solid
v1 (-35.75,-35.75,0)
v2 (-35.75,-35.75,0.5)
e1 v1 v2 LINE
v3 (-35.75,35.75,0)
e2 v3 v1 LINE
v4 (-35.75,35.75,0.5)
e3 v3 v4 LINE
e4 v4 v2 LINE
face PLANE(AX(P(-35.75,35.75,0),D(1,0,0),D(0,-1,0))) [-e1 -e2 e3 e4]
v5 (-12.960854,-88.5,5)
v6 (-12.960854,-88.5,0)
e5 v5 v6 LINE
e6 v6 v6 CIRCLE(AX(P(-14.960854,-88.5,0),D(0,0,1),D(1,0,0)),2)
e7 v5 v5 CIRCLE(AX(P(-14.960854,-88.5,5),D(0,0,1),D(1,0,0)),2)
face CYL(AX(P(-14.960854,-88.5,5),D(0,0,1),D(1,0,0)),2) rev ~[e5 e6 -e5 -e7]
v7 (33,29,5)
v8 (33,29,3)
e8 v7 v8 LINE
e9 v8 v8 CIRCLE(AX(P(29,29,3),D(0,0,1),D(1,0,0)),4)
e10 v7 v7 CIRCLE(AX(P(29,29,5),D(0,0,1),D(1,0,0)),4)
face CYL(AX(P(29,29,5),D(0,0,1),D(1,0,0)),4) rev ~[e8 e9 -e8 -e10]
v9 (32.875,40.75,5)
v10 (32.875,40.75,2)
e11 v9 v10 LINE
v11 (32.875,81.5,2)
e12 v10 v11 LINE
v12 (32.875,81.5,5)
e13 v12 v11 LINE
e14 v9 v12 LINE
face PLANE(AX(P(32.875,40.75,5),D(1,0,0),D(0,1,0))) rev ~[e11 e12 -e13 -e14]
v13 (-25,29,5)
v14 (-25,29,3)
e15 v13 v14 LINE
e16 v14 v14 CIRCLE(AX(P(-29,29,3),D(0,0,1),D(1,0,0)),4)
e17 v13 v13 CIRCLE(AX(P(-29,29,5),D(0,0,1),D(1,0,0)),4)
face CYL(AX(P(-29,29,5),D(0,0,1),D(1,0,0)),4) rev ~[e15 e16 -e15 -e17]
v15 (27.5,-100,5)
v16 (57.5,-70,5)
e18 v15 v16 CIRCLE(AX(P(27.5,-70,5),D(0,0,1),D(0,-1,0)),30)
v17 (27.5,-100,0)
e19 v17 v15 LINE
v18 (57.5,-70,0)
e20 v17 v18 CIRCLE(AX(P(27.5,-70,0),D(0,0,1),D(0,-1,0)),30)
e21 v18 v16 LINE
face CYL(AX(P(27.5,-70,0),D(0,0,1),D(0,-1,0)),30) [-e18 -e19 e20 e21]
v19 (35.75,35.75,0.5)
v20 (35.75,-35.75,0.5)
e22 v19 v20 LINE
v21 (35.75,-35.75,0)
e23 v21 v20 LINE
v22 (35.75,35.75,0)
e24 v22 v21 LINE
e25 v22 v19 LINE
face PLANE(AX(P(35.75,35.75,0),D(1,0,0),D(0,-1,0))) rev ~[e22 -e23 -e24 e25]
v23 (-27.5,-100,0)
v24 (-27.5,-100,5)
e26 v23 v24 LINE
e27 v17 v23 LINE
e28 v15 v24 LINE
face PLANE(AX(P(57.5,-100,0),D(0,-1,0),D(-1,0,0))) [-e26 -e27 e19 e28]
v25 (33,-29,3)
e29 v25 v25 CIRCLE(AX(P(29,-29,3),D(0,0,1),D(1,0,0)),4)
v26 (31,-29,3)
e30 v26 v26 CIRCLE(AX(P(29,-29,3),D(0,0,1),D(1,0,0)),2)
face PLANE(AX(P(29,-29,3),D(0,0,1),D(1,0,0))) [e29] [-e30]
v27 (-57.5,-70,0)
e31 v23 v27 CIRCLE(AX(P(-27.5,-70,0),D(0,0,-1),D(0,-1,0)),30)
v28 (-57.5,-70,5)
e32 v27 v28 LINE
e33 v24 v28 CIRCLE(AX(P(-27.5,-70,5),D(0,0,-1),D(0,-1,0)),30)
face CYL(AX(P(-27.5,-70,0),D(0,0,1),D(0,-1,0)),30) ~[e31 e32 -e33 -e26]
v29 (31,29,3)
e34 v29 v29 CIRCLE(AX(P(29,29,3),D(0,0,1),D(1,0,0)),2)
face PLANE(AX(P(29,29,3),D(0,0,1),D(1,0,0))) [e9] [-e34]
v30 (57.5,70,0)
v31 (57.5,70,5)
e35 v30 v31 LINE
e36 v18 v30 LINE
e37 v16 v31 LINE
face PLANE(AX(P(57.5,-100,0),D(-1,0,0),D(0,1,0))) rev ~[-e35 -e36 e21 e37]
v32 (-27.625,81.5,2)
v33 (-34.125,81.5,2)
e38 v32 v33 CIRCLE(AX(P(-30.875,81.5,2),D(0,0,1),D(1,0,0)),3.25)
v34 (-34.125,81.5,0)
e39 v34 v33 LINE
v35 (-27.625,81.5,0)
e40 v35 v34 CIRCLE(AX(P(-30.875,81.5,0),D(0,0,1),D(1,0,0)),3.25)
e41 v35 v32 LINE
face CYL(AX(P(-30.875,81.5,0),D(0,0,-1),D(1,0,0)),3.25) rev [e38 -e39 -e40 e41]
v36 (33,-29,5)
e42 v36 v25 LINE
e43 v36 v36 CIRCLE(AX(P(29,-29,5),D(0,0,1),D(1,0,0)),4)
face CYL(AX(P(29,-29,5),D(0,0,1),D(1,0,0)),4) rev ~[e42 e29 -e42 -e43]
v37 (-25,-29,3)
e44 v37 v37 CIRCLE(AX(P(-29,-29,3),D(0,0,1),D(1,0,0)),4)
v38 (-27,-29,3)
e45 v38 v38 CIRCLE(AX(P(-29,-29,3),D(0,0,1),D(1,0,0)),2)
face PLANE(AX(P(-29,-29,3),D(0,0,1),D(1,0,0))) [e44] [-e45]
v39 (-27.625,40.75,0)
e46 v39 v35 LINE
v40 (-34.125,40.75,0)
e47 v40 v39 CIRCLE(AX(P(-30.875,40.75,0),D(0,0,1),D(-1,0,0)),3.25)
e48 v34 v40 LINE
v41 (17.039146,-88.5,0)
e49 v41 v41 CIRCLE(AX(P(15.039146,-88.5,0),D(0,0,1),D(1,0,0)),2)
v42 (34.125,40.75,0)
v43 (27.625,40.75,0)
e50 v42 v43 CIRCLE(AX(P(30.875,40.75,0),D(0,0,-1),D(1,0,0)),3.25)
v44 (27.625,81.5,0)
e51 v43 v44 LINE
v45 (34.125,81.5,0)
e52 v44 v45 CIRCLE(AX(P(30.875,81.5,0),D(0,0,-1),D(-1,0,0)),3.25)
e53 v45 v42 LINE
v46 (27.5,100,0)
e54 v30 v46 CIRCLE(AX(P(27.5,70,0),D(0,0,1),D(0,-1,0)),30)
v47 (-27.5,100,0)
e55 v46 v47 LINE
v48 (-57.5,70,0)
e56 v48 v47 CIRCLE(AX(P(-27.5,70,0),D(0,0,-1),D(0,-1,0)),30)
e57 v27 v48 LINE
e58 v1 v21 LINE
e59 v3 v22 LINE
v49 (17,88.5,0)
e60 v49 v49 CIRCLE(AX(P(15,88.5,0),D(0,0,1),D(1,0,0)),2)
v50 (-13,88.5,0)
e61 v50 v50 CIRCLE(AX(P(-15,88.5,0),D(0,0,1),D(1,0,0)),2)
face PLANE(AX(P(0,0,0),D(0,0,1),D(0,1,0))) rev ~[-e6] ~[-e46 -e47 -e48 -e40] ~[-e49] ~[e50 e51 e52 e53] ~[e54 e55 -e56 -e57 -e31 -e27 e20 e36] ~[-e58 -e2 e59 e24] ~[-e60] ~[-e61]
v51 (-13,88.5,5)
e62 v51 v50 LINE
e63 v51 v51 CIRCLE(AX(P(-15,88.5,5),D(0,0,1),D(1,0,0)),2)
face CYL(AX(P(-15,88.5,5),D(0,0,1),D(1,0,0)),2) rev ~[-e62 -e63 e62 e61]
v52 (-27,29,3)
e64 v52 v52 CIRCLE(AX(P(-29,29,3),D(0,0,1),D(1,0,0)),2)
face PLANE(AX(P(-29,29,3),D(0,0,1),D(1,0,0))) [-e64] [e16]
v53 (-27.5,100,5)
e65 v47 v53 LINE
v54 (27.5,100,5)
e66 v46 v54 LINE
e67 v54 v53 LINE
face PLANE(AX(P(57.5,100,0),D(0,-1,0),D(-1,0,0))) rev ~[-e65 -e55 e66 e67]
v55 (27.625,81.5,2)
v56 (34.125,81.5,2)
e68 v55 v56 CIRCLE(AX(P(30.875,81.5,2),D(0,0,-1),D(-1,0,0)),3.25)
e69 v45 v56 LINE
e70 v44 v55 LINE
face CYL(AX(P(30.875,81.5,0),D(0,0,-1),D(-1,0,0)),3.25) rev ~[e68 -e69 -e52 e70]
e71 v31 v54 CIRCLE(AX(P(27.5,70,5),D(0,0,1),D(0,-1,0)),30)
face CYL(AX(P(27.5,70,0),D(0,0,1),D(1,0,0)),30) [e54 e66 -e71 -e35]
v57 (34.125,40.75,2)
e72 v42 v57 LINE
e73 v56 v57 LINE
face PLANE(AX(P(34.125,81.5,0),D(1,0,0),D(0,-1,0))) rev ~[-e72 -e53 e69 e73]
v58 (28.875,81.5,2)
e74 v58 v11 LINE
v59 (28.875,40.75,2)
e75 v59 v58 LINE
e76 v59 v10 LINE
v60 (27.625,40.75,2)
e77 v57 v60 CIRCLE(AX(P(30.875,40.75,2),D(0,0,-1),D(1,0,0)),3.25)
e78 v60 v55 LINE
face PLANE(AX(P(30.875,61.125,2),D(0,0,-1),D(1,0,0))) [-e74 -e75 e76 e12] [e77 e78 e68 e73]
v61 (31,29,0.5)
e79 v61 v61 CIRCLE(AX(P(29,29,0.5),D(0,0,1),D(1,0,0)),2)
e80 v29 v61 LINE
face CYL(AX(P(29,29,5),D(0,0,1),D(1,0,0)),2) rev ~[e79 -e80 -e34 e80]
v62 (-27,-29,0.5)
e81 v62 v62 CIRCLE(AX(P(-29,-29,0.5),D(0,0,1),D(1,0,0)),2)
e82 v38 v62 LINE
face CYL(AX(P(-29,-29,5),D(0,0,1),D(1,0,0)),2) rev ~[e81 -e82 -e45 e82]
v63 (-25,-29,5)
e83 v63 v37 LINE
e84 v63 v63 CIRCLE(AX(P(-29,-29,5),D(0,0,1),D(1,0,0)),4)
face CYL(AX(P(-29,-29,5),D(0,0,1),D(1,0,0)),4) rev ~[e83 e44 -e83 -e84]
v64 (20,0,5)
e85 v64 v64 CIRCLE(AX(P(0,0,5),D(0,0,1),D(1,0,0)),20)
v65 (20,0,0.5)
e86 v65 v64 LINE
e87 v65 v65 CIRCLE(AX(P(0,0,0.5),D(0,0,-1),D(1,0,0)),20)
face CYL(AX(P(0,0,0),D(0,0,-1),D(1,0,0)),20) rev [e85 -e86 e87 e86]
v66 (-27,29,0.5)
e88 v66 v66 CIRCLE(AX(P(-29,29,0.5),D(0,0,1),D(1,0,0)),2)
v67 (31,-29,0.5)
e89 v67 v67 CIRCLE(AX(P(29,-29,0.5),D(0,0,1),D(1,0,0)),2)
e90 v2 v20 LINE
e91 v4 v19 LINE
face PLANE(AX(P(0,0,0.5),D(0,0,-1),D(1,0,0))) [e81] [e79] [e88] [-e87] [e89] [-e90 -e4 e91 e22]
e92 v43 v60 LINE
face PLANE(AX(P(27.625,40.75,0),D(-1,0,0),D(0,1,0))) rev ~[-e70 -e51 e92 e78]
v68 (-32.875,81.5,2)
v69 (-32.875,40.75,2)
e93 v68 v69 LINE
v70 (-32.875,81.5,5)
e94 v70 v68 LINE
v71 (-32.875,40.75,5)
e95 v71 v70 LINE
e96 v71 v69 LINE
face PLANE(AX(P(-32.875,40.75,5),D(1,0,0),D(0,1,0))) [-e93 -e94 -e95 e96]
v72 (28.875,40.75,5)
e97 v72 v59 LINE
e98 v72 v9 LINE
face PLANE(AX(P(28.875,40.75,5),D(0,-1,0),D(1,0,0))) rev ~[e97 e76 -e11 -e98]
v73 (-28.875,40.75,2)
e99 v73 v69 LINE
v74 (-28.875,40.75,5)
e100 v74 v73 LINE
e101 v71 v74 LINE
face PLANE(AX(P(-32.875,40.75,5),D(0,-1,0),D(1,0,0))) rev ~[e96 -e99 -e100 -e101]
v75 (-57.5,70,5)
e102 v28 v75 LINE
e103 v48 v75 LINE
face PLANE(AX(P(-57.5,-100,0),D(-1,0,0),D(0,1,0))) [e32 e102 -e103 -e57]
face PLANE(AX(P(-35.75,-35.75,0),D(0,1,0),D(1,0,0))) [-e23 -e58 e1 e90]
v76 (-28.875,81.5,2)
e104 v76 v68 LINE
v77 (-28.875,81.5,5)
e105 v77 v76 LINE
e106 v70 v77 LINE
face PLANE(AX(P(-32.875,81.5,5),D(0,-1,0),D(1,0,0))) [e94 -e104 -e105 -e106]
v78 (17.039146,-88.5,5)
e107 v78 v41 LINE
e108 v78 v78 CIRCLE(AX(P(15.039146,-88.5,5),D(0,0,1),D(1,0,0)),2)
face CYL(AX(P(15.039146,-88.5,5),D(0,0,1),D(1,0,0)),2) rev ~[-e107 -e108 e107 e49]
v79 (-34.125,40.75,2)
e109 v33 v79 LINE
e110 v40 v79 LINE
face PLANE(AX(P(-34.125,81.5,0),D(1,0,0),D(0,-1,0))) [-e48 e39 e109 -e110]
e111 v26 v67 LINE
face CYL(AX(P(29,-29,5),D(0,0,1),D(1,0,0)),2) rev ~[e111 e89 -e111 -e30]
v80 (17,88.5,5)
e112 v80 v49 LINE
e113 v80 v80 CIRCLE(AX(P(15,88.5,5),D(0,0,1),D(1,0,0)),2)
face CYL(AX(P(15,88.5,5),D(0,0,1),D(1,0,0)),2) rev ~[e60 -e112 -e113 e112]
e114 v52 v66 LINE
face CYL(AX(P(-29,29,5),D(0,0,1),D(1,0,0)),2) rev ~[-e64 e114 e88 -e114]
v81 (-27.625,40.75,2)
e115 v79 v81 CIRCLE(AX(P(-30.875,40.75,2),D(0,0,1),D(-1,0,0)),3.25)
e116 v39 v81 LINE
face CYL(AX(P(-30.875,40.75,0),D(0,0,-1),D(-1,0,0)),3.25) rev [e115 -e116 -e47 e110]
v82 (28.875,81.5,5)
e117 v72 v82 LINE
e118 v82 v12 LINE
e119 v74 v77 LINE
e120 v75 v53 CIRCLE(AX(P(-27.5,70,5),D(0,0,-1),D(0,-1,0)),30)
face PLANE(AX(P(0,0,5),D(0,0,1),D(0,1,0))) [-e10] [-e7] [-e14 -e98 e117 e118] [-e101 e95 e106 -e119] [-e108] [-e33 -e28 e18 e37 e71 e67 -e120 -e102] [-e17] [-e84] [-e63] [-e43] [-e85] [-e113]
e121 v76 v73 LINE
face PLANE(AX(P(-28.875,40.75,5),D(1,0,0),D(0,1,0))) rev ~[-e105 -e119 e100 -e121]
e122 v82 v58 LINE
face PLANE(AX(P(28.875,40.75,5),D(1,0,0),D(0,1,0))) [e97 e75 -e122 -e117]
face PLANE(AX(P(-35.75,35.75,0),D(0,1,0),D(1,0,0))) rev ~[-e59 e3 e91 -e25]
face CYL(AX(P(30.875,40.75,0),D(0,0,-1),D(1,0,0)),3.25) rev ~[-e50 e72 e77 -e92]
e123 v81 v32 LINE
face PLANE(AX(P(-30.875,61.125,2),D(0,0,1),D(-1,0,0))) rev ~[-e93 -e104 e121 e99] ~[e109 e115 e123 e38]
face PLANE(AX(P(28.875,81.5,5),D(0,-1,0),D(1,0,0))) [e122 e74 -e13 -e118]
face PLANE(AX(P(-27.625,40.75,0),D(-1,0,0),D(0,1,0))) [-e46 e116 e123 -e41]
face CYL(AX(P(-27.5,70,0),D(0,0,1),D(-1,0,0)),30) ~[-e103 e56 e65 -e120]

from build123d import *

# Parameters (mm, degrees)
SKETCH1_W           = 200
SKETCH1_H           = 115
SKETCH1_R           = 20
BOSS_EXTRUDE1_DEPTH = 5
CUT_EXTRUDE1_REACH  = 117.461
SKETCH4_R           = 2
SKETCH5_R           = 4
CUT_EXTRUDE2_DEPTH  = 2
FILLET1_R           = 30
SKETCH8_R           = 2
CUT_EXTRUDE4_DEPTH  = 116.461032388
SKETCH11_W          = 71.5
SKETCH11_H          = 71.5
CUT_EXTRUDE7_DEPTH  = 0.5
SKETCH9_W           = 4
SKETCH9_H           = 40.75
CUT_EXTRUDE5_DEPTH  = 116.461032388
CUT_EXTRUDE8_DEPTH  = 2


with BuildPart() as part:
    # Sketch1 → Boss-Extrude1 (new body)
    with BuildSketch(Plane(origin=(0, 0, 0), x_dir=(0, 1, 0), z_dir=(0, 0, 1))):
        Rectangle(SKETCH1_W, SKETCH1_H)
        with Locations(Location((0, 0, 0), (0, 0, 270))):
            Circle(SKETCH1_R, mode=Mode.SUBTRACT)
    extrude(amount=BOSS_EXTRUDE1_DEPTH)

    # Sketch4 → Cut-Extrude1 (cut, up to next)
    with BuildSketch(Plane.XY.offset(5), mode=Mode.PRIVATE) as cut_extrude1_sk1:
        with Locations((29, 29)):
            Circle(SKETCH4_R)
    cut_extrude1_tool1 = extrude(cut_extrude1_sk1.sketch, amount=-CUT_EXTRUDE1_REACH, mode=Mode.PRIVATE) & part.part
    # Sketch4 → Cut-Extrude1 (cut, up to next)
    with BuildSketch(Plane.XY.offset(5), mode=Mode.PRIVATE) as cut_extrude1_sk2:
        with Locations((-29, 29)):
            Circle(SKETCH4_R)
    cut_extrude1_tool2 = extrude(cut_extrude1_sk2.sketch, amount=-CUT_EXTRUDE1_REACH, mode=Mode.PRIVATE) & part.part
    # Sketch4 → Cut-Extrude1 (cut, up to next)
    with BuildSketch(Plane.XY.offset(5), mode=Mode.PRIVATE) as cut_extrude1_sk3:
        with Locations((-29, -29)):
            Circle(SKETCH4_R)
    cut_extrude1_tool3 = extrude(cut_extrude1_sk3.sketch, amount=-CUT_EXTRUDE1_REACH, mode=Mode.PRIVATE) & part.part
    # Sketch4 → Cut-Extrude1 (cut, up to next)
    with BuildSketch(Plane.XY.offset(5), mode=Mode.PRIVATE) as cut_extrude1_sk4:
        with Locations((29, -29)):
            Circle(SKETCH4_R)
    cut_extrude1_tool4 = extrude(cut_extrude1_sk4.sketch, amount=-CUT_EXTRUDE1_REACH, mode=Mode.PRIVATE) & part.part
    add(cut_extrude1_tool1.solids().sort_by_distance((29, 29, 5))[0], mode=Mode.SUBTRACT)
    add(cut_extrude1_tool2.solids().sort_by_distance((-29, 29, 5))[0], mode=Mode.SUBTRACT)
    add(cut_extrude1_tool3.solids().sort_by_distance((-29, -29, 5))[0], mode=Mode.SUBTRACT)
    add(cut_extrude1_tool4.solids().sort_by_distance((29, -29, 5))[0], mode=Mode.SUBTRACT)

    # Sketch5 → Cut-Extrude2 (cut)
    with BuildSketch(Plane.XY.offset(5)):
        with Locations((-29, -29)):
            Circle(SKETCH5_R)
        with Locations((-29, 29)):
            Circle(SKETCH5_R)
        with Locations((29, -29)):
            Circle(SKETCH5_R)
        with Locations((29, 29)):
            Circle(SKETCH5_R)
    extrude(amount=-CUT_EXTRUDE2_DEPTH, mode=Mode.SUBTRACT)

    # Fillet1
    fillet1_edges = [part.edges().sort_by_distance(p)[0] for p in [
        (57.5, 100, 2.5),
        (57.5, -100, 2.5),
        (-57.5, -100, 2.5),
        (-57.5, 100, 2.5),
    ]]
    fillet(fillet1_edges, radius=FILLET1_R)

    # Sketch8 → Cut-Extrude4 (cut, through all)
    with BuildSketch(Plane.XY.offset(5)):
        with Locations((15, 88.5)):
            Circle(SKETCH8_R)
        with Locations((-15, 88.5)):
            Circle(SKETCH8_R)
        with Locations((-14.960853972, -88.5)):
            Circle(SKETCH8_R)
        with Locations((15.039146028, -88.5)):
            Circle(SKETCH8_R)
    extrude(amount=-CUT_EXTRUDE4_DEPTH, mode=Mode.SUBTRACT)

    # Sketch11 → Cut-Extrude7 (cut)
    with BuildSketch(Plane(origin=(0, 0, 0), x_dir=(1, 0, 0), z_dir=(0, 0, -1))):
        Rectangle(SKETCH11_W, SKETCH11_H)
    extrude(amount=-CUT_EXTRUDE7_DEPTH, mode=Mode.SUBTRACT)

    # Sketch9 → Cut-Extrude5 (cut, through all)
    with BuildSketch(Plane.XY.offset(5)):
        with Locations((30.875, 61.125)):
            Rectangle(SKETCH9_W, SKETCH9_H)
        with Locations((-30.875, 61.125)):
            Rectangle(SKETCH9_W, SKETCH9_H)
    extrude(amount=-CUT_EXTRUDE5_DEPTH, mode=Mode.SUBTRACT)

    # Sketch12 → Cut-Extrude8 (cut)
    with BuildSketch(Plane(origin=(0, 0, 0), x_dir=(1, 0, 0), z_dir=(0, 0, -1))):
        with BuildLine():
            Line((-34.125, -81.5), (-34.125, -40.75))
            ThreePointArc((-34.125, -40.75), (-30.875, -37.5), (-27.625, -40.75))
            Line((-27.625, -40.75), (-27.625, -81.5))
            ThreePointArc((-27.625, -81.5), (-30.875, -84.75), (-34.125, -81.5))
        make_face()
        with BuildLine():
            Line((34.125, -81.5), (34.125, -40.75))
            ThreePointArc((34.125, -40.75), (30.875, -37.5), (27.625, -40.75))
            Line((27.625, -40.75), (27.625, -81.5))
            ThreePointArc((27.625, -81.5), (30.875, -84.75), (34.125, -81.5))
        make_face()
    extrude(amount=-CUT_EXTRUDE8_DEPTH, mode=Mode.SUBTRACT)


solid = part.part
